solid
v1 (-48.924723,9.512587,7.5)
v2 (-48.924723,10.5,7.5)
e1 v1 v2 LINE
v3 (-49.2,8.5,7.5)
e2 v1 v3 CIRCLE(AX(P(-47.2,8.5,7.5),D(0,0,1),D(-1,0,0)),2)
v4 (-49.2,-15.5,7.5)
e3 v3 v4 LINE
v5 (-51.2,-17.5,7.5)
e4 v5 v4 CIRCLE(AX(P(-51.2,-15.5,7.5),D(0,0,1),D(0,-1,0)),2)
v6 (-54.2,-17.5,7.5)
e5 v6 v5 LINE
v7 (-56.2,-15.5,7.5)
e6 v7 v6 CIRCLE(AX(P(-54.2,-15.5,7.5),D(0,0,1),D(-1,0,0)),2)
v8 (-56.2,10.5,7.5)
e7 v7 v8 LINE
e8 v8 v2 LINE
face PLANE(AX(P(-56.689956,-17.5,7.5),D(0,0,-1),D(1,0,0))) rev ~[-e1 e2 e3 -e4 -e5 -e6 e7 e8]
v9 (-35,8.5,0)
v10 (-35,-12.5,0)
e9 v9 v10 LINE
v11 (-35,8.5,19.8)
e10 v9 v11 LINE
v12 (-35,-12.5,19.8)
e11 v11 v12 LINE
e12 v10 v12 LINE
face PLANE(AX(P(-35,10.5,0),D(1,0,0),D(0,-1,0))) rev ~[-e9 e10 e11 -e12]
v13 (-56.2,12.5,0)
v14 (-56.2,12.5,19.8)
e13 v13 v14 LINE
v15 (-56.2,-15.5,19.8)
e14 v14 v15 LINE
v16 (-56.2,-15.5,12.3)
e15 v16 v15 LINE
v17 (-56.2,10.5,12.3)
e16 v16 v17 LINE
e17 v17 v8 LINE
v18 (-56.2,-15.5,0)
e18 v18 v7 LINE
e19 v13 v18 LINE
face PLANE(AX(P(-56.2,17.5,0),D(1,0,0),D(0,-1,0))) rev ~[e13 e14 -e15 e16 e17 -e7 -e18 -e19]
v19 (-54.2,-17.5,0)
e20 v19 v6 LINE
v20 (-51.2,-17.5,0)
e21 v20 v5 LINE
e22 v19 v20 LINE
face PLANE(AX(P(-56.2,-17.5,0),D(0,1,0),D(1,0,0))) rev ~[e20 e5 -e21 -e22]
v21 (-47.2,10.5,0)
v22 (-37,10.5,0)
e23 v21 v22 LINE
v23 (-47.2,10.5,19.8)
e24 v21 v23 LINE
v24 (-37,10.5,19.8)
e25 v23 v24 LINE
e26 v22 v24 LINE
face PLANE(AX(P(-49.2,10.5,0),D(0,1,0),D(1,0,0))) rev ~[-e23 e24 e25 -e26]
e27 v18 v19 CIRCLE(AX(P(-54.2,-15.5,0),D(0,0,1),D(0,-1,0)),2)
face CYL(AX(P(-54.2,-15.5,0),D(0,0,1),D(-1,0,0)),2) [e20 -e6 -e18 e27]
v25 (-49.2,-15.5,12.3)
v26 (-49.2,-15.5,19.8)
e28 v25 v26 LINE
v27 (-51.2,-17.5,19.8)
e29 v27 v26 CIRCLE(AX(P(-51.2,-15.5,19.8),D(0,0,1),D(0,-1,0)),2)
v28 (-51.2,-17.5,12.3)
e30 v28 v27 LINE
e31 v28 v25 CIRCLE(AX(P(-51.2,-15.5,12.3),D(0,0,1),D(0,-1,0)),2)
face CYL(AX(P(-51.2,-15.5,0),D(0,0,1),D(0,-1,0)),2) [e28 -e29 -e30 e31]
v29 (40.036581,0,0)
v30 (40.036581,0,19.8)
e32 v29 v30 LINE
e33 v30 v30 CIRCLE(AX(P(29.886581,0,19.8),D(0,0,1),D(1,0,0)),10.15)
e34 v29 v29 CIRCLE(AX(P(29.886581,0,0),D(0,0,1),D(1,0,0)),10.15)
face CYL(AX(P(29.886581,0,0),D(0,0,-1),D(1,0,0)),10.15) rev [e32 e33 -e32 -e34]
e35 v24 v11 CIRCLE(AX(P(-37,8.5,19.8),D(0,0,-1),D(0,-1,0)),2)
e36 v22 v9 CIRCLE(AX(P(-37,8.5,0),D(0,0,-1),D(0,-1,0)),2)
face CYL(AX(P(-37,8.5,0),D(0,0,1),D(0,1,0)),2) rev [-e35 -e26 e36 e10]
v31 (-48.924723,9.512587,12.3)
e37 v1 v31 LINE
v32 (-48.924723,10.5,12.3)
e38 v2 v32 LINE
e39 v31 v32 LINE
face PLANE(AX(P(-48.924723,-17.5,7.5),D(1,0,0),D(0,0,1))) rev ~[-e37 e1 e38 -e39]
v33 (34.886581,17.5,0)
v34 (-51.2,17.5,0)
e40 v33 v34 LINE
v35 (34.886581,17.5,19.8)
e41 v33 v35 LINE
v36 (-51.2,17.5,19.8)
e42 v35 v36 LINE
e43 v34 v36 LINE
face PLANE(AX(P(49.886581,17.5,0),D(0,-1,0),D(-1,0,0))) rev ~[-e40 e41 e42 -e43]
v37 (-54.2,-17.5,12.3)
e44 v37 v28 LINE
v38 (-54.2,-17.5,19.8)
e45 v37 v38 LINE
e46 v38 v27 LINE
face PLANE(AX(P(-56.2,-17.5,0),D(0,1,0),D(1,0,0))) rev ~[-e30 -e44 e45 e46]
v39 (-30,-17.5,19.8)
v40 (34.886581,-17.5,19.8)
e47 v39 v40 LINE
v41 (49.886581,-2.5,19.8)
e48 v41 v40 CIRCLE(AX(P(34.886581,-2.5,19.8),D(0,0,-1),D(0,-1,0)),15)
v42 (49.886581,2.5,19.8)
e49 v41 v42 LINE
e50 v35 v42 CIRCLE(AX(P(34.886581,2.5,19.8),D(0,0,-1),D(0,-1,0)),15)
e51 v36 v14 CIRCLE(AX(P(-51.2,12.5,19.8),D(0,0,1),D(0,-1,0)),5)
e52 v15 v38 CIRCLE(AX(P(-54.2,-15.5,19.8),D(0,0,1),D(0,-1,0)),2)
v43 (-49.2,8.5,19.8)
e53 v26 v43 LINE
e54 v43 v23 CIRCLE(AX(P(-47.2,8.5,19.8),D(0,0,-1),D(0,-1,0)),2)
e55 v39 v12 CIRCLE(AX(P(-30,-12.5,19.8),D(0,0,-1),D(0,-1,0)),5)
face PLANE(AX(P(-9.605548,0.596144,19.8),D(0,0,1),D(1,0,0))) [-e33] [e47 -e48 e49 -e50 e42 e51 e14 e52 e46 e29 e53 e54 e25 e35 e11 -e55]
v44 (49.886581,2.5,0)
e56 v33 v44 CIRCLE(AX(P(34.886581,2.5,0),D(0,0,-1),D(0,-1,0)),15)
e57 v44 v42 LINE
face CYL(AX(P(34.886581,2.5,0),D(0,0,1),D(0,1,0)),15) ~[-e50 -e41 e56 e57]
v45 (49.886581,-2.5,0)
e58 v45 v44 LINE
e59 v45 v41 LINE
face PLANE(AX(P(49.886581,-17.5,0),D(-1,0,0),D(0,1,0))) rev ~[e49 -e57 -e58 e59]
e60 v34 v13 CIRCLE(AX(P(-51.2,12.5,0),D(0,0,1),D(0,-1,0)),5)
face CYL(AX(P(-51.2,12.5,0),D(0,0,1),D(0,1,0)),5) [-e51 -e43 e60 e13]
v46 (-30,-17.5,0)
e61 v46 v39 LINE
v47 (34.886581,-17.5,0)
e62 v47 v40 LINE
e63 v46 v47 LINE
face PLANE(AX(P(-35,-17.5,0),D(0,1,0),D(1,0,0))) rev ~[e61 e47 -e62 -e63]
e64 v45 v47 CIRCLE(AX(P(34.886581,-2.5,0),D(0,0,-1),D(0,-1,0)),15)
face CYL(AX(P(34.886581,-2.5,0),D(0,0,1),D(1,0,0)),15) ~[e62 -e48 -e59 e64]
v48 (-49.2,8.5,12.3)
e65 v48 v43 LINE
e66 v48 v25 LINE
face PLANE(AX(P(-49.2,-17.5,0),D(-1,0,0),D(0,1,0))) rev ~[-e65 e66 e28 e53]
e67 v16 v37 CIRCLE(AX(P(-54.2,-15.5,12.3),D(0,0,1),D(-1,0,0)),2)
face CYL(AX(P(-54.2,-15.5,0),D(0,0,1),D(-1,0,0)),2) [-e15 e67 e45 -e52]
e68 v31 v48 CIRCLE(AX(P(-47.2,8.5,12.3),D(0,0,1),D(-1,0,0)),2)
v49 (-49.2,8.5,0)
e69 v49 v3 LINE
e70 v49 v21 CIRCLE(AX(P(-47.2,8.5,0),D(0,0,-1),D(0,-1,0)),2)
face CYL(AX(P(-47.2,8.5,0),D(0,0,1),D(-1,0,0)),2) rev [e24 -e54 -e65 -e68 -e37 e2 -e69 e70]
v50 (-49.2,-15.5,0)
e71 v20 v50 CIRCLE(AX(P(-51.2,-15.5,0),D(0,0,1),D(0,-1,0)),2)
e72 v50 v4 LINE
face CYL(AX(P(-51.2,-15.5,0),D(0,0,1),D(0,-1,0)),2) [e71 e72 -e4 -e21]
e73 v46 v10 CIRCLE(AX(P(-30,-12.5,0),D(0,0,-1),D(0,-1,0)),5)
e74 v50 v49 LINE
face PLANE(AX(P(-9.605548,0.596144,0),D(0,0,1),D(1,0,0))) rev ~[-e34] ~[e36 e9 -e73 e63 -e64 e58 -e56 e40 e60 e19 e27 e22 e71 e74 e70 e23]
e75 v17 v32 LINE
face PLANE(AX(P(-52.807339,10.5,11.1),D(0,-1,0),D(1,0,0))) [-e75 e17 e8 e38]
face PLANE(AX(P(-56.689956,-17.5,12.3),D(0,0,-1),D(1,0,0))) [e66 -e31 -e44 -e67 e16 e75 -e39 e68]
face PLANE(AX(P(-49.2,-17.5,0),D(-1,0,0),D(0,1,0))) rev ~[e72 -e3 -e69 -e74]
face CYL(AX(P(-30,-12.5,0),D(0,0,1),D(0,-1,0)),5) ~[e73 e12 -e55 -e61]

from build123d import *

# Parameters (mm, degrees)
F0_R     = 10.15
F1_DEPTH = 19.8
F2_R     = 15
F3_R     = 5
F4_R     = 5
F5_R     = 2
F6_R     = 2
F7_W     = 7.765233
F7_H     = 2.4
F8_DEPTH = 28


with BuildPart() as f1:
    # F0 (on Top) → F1 (new body)
    with BuildSketch(Plane.XY):
        Polygon((-56.2, 17.5), (-56.2, -17.5), (-49.2, -17.5), (-49.2, 10.5), (-35, 10.5), (-35, -17.5), (49.886581, -17.5), (49.886581, 17.5), align=None)
        with Locations((29.886581, 0)):
            Circle(F0_R, mode=Mode.SUBTRACT)
    extrude(amount=F1_DEPTH)

    # F2
    f2_edges = [f1.edges().sort_by_distance(p)[0] for p in [
        (49.886581, 17.5, 9.9),
        (49.886581, -17.5, 9.9),
    ]]
    fillet(f2_edges, radius=F2_R)

    # F3
    f3_edges = [f1.edges().sort_by_distance(p)[0] for p in [
        (-35, -17.5, 9.9),
    ]]
    fillet(f3_edges, radius=F3_R)

    # F4
    f4_edges = [f1.edges().sort_by_distance(p)[0] for p in [
        (-56.2, 17.5, 9.9),
    ]]
    fillet(f4_edges, radius=F4_R)

    # F5
    f5_edges = [f1.edges().sort_by_distance(p)[0] for p in [
        (-49.2, -17.5, 9.9),
        (-56.2, -17.5, 9.9),
    ]]
    fillet(f5_edges, radius=F5_R)

    # F6
    f6_edges = [f1.edges().sort_by_distance(p)[0] for p in [
        (-49.2, 10.5, 9.9),
        (-35, 10.5, 9.9),
    ]]
    fillet(f6_edges, radius=F6_R)

    # F7 (on face) → F8 (cut, through all)
    with BuildSketch(Plane.XZ.offset(17.5)):
        with Locations((-52.807339, 11.1)):
            Rectangle(F7_W, F7_H)
        with Locations((-52.807339, 8.7)):
            Rectangle(F7_W, F7_H)
    extrude(amount=-F8_DEPTH, mode=Mode.SUBTRACT)


solid = f1.part
